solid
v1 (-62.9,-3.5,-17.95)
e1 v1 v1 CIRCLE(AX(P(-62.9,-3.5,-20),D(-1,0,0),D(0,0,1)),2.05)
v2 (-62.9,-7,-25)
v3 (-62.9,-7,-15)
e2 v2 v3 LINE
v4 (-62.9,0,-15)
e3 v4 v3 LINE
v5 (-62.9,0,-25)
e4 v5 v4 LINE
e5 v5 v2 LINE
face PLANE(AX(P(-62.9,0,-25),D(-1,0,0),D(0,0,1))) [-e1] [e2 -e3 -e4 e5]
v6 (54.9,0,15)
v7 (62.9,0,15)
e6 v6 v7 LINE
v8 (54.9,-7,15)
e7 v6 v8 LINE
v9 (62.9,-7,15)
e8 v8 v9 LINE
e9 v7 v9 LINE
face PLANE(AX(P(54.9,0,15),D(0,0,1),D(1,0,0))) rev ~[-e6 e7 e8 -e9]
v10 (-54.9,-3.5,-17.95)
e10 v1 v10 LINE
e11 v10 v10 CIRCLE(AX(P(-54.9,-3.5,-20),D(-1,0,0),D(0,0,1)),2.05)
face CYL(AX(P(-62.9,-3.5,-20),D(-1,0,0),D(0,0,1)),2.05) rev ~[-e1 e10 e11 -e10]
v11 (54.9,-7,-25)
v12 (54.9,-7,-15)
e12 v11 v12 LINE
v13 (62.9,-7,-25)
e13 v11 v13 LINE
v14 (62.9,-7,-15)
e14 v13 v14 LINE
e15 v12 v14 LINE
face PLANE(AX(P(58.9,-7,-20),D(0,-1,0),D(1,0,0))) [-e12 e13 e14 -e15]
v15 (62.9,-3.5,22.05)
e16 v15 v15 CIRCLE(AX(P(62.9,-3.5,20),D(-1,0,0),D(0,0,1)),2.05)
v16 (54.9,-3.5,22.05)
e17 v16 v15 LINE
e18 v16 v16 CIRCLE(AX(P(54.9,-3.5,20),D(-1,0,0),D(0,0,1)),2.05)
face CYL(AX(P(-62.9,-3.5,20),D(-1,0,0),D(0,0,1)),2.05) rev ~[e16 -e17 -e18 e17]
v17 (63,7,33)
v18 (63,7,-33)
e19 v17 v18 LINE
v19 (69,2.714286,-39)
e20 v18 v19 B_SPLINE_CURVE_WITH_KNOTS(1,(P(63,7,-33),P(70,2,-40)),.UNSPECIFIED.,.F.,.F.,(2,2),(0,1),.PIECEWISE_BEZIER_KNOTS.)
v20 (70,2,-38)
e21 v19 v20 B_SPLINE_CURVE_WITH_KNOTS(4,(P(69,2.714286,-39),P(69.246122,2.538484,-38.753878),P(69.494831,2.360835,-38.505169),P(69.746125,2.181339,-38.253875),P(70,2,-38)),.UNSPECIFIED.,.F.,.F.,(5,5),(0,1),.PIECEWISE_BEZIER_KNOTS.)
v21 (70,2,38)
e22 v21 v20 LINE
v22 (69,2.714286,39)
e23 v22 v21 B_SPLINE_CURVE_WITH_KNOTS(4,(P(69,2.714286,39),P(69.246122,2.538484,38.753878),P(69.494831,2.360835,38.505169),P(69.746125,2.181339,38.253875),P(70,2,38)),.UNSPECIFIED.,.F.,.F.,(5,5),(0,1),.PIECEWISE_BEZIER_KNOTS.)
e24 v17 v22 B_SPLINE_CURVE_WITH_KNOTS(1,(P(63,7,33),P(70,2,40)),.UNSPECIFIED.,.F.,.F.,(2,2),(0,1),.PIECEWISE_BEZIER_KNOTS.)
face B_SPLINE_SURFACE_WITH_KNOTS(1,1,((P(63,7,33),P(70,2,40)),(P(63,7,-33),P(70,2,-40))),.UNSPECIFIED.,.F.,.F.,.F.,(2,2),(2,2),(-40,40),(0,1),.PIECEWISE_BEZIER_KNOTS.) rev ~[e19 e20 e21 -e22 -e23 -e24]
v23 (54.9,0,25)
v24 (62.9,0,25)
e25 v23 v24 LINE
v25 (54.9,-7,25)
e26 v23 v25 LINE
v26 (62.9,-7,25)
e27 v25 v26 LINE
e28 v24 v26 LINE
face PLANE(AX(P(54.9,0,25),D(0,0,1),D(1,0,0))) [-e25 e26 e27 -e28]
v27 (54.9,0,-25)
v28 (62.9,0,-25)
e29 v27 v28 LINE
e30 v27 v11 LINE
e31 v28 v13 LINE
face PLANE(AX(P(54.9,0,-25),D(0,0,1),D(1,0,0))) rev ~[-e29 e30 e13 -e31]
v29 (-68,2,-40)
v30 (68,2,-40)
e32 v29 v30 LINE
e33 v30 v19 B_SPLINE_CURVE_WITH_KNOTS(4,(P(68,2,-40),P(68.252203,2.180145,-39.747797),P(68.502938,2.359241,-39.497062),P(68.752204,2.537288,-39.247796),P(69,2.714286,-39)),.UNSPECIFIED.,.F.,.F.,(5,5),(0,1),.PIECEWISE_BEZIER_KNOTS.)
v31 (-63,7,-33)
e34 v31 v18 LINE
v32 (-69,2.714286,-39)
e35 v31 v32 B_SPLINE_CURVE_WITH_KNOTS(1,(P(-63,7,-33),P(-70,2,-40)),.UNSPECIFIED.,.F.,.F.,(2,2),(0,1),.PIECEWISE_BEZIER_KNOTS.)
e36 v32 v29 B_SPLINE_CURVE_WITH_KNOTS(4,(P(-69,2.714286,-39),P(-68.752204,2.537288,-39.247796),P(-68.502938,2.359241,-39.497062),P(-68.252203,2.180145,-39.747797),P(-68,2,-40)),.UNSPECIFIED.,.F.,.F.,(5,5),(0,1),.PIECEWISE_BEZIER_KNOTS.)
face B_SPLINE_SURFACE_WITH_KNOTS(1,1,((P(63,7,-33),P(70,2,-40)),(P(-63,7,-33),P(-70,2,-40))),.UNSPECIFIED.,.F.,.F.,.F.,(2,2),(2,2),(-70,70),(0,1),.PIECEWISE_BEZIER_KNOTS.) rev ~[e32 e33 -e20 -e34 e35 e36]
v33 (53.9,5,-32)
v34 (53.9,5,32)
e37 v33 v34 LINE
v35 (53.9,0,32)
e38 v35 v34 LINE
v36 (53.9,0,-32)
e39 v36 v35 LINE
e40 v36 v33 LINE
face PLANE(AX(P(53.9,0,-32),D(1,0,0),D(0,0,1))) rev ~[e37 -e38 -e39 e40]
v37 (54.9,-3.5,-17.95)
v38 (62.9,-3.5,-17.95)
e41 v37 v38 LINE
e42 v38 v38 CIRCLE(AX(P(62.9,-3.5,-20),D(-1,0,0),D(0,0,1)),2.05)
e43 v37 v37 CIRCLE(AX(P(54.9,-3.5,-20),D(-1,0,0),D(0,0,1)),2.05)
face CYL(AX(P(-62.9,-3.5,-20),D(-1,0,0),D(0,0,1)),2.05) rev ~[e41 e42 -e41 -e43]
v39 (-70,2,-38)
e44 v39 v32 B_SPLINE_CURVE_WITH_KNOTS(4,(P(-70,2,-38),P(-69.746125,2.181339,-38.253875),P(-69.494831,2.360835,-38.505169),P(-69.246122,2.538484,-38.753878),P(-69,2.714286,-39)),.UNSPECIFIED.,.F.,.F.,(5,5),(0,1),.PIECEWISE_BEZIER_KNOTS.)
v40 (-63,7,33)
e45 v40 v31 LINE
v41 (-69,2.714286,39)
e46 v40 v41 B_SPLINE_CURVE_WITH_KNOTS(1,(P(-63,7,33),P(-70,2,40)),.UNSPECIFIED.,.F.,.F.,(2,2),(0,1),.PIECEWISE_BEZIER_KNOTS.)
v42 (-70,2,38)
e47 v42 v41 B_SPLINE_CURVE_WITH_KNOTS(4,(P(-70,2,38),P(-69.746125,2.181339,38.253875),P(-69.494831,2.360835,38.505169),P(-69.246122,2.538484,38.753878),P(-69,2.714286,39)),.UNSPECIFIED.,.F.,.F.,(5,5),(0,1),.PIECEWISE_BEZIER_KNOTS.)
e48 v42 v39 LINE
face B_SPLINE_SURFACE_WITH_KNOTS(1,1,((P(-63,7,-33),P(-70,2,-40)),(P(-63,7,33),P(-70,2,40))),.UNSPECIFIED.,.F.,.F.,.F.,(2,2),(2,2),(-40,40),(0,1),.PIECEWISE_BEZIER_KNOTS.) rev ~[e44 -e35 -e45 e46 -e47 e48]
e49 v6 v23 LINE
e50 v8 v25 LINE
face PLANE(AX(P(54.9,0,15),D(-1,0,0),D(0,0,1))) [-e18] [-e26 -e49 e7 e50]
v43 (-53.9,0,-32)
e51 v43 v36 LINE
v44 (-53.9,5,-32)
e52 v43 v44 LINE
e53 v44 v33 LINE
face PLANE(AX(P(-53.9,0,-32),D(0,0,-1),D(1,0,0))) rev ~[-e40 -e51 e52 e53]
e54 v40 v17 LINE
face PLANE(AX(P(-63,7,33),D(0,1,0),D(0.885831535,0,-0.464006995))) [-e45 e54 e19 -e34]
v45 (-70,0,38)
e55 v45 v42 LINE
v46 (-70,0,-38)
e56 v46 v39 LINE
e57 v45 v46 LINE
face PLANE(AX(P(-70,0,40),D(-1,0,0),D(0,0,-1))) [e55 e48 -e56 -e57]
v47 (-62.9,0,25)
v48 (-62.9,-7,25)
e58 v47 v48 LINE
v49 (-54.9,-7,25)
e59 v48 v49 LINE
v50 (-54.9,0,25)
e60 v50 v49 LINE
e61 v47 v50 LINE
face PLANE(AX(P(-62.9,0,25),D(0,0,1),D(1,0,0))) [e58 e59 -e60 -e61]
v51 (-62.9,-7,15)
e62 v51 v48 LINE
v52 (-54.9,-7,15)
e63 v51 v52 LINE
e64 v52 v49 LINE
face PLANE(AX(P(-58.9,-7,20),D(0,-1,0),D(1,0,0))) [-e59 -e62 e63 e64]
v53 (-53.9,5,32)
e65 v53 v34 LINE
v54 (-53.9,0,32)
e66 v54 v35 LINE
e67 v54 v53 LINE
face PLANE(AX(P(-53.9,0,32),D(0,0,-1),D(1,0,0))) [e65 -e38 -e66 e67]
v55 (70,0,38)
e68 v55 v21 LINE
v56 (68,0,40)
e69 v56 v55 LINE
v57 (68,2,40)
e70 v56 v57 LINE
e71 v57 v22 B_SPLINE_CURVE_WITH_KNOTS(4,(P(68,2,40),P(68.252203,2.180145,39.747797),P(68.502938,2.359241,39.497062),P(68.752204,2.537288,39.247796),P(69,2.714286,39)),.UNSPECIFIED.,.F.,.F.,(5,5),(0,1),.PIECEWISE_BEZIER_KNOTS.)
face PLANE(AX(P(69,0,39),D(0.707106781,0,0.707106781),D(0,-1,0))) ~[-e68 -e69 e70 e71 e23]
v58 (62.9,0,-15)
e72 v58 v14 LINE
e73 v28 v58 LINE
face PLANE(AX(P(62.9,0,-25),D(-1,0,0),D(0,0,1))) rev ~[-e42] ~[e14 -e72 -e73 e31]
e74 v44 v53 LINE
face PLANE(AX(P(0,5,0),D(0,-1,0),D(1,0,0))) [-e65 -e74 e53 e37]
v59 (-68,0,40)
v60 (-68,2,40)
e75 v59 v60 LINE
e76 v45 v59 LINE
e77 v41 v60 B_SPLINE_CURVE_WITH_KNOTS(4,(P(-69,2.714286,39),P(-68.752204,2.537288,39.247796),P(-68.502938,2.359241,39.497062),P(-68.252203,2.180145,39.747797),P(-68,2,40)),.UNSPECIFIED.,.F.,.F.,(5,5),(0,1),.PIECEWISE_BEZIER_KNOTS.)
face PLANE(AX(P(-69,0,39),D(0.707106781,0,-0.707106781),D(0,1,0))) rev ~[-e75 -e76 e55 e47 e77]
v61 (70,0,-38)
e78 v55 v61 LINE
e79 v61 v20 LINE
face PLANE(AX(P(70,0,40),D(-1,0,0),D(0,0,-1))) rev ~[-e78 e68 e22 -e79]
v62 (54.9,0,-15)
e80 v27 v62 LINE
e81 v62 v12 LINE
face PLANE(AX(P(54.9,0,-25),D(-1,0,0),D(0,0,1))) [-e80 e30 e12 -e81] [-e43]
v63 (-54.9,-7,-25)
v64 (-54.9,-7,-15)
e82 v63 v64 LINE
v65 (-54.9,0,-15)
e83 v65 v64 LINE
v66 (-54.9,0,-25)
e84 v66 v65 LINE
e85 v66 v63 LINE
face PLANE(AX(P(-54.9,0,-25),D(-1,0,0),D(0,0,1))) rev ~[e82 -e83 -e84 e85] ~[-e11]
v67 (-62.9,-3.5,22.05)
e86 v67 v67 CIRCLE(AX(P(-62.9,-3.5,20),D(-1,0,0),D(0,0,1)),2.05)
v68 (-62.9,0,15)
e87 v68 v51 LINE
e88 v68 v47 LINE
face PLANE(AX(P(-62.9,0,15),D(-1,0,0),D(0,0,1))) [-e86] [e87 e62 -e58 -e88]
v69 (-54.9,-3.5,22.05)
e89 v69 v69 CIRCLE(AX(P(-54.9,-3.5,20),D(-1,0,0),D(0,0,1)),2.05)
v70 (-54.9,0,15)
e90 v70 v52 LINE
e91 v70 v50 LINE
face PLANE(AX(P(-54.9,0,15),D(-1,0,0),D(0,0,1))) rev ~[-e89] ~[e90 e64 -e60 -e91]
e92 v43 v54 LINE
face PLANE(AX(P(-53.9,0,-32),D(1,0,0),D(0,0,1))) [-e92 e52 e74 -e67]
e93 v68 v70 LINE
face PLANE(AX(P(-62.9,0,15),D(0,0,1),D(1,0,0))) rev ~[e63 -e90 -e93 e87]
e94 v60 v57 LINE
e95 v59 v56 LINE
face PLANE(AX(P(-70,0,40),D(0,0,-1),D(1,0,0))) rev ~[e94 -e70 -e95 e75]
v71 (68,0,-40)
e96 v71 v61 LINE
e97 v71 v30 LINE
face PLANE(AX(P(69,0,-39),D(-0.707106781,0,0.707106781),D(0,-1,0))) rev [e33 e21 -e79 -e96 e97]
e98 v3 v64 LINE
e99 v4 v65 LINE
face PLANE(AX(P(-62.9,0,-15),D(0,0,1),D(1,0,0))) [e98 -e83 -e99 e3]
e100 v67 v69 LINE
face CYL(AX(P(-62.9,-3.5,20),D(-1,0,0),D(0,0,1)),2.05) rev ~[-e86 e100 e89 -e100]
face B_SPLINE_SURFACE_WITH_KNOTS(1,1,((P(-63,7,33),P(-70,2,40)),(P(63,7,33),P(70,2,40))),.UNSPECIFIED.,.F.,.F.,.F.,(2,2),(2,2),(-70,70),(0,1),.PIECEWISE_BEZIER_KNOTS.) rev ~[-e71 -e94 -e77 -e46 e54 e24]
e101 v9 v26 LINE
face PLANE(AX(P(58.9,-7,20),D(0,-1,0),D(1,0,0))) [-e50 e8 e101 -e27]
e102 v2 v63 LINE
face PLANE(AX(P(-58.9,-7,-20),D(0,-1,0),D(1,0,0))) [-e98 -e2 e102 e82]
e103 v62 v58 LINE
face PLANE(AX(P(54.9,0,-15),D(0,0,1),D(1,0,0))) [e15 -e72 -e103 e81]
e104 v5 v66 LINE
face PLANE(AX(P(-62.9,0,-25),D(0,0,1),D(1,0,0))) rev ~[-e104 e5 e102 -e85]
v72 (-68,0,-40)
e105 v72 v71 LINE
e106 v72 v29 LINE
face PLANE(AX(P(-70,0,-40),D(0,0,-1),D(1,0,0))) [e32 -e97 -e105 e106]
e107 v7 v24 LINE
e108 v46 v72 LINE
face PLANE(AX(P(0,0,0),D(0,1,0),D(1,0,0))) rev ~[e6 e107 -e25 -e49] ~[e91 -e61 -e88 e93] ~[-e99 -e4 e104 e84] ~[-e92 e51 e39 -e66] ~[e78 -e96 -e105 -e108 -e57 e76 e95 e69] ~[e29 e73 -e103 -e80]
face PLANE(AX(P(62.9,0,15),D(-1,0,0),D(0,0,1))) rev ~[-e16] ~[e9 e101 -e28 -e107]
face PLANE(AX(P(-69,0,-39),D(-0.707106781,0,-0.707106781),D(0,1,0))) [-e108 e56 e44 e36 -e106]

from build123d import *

# Parameters (mm, degrees)
SKETCH1_W           = 140
SKETCH1_H           = 80
BOSS_EXTRUDE1_DEPTH = 2
SKETCH3_W           = 126
SKETCH3_H           = 66
SKETCH2_W           = 140
SKETCH2_H           = 80
CHAMFER2_SIZE       = 2
SKETCH4_W           = 8
SKETCH4_H           = 10
BOSS_EXTRUDE2_DEPTH = 7
SKETCH5_R           = 2.05
CUT_EXTRUDE1_DEPTH  = 133.9000001
SKETCH6_W           = 107.8
SKETCH6_H           = 64
CUT_EXTRUDE2_DEPTH  = 5


with BuildPart() as part:
    # Sketch1 → Boss-Extrude1 (new body)
    with BuildSketch(Plane(origin=(0, 0, 0), x_dir=(1, 0, 0), z_dir=(0, 1, 0))):
        Rectangle(SKETCH1_W, SKETCH1_H)
    extrude(amount=BOSS_EXTRUDE1_DEPTH)

    # Sketch3 → Loft1 section 0
    with BuildSketch(Plane(origin=(0, 7, 0), x_dir=(1, 0, 0), z_dir=(0, 1, 0))):
        Rectangle(SKETCH3_W, SKETCH3_H)
    # Sketch2 → Loft1 section 1
    with BuildSketch(Plane(origin=(0, 2, 0), x_dir=(1, 0, 0), z_dir=(0, 1, 0))):
        Rectangle(SKETCH2_W, SKETCH2_H)
    loft()

    # Chamfer2
    chamfer2_edges = [part.edges().sort_by_distance(p)[0] for p in [
        (70, 1, 40),
        (-70, 1, 40),
        (-70, 1, -40),
        (70, 1, -40),
    ]]
    chamfer(chamfer2_edges, length=CHAMFER2_SIZE)

    # Sketch4 → Boss-Extrude2 (add)
    with BuildSketch(Plane.XZ):
        with Locations((-58.9, 20)):
            Rectangle(SKETCH4_W, SKETCH4_H)
        with Locations((-58.9, -20)):
            Rectangle(SKETCH4_W, SKETCH4_H)
        with Locations((58.9, -20)):
            Rectangle(SKETCH4_W, SKETCH4_H)
        with Locations((58.9, 20)):
            Rectangle(SKETCH4_W, SKETCH4_H)
    extrude(amount=BOSS_EXTRUDE2_DEPTH)

    # Sketch5 → Cut-Extrude1 (cut, through all)
    with BuildSketch(Plane.ZY.offset(62.9)):
        with Locations((-20, -3.5)):
            Circle(SKETCH5_R)
        with Locations((20, -3.5)):
            Circle(SKETCH5_R)
    extrude(amount=-CUT_EXTRUDE1_DEPTH, mode=Mode.SUBTRACT)

    # Sketch6 → Cut-Extrude2 (cut)
    with BuildSketch(Plane.XZ):
        Rectangle(SKETCH6_W, SKETCH6_H)
    extrude(amount=-CUT_EXTRUDE2_DEPTH, mode=Mode.SUBTRACT)


solid = part.part
